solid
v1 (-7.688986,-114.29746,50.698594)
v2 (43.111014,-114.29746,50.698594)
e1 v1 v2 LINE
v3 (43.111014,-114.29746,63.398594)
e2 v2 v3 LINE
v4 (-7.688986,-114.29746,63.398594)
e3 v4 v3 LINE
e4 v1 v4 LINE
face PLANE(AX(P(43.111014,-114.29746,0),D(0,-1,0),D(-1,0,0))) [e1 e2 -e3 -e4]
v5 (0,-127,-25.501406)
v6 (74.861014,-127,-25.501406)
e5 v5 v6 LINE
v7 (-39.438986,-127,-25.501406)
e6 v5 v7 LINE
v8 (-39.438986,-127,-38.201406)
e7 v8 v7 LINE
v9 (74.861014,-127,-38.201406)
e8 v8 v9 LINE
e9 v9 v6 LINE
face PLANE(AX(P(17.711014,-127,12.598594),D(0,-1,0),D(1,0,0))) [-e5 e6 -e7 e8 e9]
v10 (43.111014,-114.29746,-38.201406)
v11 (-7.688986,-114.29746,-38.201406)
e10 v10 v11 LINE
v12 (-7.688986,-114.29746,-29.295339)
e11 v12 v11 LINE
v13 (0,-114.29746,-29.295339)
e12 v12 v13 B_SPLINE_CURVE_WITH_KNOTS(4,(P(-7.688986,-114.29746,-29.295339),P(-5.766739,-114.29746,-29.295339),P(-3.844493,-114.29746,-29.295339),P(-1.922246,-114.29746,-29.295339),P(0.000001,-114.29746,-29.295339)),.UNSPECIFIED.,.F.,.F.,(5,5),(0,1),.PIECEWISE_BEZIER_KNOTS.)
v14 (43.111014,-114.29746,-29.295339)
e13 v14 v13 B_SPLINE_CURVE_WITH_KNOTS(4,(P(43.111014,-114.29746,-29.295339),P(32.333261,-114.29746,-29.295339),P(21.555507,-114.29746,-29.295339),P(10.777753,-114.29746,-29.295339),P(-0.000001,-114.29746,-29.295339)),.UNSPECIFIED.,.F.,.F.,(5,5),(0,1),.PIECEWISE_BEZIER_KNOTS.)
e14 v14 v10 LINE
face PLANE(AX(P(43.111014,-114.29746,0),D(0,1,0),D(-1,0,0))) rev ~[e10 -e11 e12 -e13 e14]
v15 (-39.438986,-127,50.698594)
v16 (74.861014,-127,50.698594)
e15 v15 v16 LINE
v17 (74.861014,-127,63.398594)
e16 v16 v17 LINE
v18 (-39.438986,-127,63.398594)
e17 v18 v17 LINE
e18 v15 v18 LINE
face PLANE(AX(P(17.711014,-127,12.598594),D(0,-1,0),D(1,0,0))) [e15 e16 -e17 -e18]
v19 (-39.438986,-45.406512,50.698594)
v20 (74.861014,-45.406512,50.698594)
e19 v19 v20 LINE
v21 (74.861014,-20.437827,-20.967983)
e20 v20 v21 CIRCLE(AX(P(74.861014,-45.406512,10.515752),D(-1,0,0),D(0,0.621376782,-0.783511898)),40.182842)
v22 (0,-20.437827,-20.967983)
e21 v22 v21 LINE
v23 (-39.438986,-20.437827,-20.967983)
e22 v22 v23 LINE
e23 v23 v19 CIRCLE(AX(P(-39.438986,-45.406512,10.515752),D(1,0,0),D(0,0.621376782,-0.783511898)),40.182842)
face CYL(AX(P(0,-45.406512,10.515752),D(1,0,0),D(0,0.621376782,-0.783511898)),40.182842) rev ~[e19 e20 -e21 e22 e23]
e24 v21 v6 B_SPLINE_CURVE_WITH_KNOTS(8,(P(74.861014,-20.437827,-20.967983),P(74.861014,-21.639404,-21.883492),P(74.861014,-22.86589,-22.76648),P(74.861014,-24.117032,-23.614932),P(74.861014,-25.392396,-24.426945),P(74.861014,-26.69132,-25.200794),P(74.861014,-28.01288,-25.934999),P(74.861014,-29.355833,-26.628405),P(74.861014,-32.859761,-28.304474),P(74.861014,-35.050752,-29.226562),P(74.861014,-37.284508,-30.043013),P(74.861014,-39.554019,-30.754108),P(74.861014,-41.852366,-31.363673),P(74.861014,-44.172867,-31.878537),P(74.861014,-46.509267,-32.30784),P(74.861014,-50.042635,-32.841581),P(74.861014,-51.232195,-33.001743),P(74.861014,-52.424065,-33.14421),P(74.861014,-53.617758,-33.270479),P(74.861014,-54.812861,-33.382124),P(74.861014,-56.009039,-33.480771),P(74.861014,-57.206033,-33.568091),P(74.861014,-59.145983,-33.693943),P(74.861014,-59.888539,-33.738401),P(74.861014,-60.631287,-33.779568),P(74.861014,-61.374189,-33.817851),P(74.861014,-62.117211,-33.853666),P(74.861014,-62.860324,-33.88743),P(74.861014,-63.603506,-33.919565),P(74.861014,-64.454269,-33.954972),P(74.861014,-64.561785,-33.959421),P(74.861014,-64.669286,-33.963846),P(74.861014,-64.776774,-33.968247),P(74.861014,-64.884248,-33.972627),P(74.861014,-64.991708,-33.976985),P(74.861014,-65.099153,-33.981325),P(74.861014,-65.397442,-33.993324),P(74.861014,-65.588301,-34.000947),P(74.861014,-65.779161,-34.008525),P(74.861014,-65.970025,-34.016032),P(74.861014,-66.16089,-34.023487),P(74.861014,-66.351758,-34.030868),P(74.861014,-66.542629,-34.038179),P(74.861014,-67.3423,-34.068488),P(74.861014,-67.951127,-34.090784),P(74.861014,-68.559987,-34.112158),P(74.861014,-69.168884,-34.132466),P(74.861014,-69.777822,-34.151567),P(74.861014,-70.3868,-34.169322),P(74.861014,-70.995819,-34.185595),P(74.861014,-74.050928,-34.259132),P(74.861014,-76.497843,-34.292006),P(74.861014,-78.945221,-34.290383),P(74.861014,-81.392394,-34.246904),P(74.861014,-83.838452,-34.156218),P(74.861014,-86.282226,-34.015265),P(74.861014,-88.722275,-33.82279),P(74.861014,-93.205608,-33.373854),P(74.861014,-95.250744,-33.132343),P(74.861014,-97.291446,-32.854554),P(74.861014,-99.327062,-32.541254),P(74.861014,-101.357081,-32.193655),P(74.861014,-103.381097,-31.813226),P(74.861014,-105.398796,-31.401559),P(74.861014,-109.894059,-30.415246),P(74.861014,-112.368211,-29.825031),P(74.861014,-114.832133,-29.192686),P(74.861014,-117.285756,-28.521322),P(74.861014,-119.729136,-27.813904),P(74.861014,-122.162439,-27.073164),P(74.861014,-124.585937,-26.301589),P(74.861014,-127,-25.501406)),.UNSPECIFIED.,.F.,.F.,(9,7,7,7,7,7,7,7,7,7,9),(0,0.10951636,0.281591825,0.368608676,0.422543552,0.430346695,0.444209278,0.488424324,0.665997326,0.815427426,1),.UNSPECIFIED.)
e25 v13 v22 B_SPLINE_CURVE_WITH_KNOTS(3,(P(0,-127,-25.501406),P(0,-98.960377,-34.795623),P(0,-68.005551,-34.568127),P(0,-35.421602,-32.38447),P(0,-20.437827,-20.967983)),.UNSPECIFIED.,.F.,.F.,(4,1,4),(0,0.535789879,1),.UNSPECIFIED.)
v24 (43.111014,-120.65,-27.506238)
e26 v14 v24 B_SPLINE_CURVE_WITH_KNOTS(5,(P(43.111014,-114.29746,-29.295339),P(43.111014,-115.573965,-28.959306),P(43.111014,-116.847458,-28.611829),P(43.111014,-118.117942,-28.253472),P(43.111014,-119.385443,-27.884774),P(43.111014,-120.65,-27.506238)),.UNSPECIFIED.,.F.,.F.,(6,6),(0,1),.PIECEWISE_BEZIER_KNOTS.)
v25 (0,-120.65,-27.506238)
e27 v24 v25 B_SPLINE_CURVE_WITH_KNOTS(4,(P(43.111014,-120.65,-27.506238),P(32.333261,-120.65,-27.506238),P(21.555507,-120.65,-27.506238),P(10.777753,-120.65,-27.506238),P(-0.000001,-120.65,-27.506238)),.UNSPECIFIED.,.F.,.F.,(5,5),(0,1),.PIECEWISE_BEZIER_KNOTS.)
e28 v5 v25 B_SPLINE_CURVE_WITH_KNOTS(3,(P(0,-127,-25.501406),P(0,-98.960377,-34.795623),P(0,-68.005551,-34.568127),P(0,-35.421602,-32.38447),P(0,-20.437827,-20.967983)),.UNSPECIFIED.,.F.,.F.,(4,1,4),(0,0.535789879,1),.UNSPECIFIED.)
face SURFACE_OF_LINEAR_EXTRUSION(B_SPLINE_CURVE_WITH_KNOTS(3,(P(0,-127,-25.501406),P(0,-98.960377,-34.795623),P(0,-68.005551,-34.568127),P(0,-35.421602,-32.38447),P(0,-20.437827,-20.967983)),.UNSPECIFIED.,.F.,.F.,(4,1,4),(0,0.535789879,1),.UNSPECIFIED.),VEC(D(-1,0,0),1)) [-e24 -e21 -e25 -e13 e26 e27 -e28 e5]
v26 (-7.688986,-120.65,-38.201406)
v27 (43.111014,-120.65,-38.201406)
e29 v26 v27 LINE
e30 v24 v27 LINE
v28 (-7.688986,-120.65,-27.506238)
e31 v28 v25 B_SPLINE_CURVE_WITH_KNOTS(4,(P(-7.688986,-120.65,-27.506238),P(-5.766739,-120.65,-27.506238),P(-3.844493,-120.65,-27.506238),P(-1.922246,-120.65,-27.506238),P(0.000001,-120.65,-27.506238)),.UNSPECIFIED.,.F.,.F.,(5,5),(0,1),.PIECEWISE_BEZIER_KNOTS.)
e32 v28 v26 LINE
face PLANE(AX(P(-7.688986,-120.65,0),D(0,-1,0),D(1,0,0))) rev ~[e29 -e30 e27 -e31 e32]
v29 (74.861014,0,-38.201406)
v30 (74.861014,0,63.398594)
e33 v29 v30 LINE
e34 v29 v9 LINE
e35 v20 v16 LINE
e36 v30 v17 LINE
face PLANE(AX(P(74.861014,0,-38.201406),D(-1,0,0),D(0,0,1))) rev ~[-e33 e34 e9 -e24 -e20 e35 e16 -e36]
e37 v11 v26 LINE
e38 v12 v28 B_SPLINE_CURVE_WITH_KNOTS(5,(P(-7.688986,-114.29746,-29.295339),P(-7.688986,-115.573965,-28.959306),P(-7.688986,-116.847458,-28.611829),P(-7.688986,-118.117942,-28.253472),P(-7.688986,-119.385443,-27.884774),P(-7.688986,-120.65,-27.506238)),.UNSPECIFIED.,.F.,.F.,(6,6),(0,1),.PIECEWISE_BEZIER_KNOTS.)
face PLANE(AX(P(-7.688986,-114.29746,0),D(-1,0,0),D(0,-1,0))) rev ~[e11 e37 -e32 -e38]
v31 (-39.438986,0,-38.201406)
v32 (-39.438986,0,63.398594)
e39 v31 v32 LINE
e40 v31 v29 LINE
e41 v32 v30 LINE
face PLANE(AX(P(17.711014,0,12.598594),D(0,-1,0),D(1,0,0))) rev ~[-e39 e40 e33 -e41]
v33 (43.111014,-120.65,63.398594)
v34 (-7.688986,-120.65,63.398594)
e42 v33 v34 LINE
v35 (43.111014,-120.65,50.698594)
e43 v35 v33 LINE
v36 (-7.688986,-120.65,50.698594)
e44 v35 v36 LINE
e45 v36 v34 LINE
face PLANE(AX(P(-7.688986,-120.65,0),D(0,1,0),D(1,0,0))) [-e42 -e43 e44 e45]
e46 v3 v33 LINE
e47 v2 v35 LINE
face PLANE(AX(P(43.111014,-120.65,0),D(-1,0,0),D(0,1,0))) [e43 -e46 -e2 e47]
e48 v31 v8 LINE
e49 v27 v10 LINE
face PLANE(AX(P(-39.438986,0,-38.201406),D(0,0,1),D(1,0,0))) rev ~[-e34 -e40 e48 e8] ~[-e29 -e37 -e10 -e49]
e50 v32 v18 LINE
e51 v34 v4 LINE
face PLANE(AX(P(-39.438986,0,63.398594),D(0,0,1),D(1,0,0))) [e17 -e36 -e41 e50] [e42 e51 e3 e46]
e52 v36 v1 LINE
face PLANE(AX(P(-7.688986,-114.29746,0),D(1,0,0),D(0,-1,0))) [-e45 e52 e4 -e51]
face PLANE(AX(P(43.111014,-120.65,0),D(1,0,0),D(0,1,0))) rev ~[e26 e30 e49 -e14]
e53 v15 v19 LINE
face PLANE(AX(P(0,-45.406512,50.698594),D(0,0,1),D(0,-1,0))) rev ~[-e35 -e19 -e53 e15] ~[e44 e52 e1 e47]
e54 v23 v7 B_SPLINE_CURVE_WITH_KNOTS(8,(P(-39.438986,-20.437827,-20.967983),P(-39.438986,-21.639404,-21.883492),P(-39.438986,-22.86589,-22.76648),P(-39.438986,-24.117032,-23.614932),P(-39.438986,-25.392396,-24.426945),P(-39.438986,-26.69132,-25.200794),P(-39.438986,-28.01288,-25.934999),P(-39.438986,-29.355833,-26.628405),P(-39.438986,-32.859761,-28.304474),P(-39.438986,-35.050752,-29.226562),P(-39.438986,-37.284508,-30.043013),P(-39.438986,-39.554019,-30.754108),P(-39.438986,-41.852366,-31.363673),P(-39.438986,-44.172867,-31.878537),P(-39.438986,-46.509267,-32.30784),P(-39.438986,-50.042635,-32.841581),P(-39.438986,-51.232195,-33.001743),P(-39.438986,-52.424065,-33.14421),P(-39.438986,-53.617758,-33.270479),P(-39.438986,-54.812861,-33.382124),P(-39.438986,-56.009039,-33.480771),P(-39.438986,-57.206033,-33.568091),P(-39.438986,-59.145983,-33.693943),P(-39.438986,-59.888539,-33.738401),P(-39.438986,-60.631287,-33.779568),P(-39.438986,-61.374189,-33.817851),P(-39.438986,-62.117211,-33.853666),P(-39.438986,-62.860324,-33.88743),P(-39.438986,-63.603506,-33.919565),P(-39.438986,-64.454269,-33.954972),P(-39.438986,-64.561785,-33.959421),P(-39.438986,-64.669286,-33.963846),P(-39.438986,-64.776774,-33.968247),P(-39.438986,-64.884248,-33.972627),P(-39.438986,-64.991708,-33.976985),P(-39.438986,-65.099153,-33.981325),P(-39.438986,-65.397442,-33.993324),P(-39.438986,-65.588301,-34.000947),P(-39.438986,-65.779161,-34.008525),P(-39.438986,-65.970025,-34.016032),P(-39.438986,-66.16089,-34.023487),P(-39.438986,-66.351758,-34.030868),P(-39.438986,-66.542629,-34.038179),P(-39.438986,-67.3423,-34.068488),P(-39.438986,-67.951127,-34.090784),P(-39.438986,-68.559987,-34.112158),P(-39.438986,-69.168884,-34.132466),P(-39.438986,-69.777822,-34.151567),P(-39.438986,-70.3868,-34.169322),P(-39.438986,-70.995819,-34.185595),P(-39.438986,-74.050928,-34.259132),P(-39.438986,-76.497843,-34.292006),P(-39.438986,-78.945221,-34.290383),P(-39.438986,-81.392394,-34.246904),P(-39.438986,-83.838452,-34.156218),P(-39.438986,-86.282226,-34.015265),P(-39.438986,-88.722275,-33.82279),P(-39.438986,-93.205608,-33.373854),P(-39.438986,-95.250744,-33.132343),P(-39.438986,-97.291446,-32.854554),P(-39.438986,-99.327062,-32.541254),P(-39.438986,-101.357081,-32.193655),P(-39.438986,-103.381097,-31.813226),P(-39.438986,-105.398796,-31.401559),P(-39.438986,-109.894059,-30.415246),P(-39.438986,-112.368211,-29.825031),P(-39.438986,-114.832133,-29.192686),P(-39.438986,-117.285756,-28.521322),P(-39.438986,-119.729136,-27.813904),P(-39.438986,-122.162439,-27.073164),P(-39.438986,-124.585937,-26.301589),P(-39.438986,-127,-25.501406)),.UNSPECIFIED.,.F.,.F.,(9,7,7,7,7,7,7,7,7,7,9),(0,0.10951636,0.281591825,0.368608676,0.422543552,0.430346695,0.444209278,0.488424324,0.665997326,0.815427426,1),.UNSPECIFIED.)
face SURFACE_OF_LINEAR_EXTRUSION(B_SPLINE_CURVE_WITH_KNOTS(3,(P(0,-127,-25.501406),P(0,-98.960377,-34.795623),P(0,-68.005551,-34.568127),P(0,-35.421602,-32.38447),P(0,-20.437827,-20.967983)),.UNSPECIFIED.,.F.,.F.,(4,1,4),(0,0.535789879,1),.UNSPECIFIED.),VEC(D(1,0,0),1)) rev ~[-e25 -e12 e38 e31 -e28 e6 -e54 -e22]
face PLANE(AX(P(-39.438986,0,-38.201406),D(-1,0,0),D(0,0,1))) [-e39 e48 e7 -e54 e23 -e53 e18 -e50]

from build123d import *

# Parameters (mm, degrees)
F0_W          = 114.3
F0_H          = 101.6
F1_DEPTH      = 127
F3_DEPTH      = 39.4399856607
F3_DEPTH_BACK = 74.8620143393
F4_W          = 78.9322577574
F4_H          = 9.7147444349
F5_DEPTH      = 38.2024062272
F5_DEPTH_BACK = 63.3995939728


with BuildPart() as f1:
    # F0 (on Front) → F1 (new body)
    with BuildSketch(Plane.XZ):
        with Locations((17.7110143393, 12.5985938728)):
            Rectangle(F0_W, F0_H)
    extrude(amount=F1_DEPTH)

    # F2 (on Right) → F3 (cut, two sides)
    with BuildSketch(Plane.YZ) as f3_sk:
        with BuildLine():
            Line((-127, 50.6985938728), (-127, -25.5014061272))
            add(Edge.make_bspline(
                [(-127, -25.5014061272), (-98.9603772759, -34.7956232727), (-68.005550577, -34.5681270065), (-35.421602428, -32.3844701052), (-20.4378271917, -20.9679826113)],
                knots=[0, 0, 0, 0, 0.5357898792, 1, 1, 1, 1], degree=3))
            ThreePointArc((-20.4378271917, -20.9679826113), (-7.4607172084, 23.7360933268), (-45.4065121441, 50.6985938728))
            Line((-45.4065121441, 50.6985938728), (-127, 50.6985938728))
        make_face()
    extrude(amount=-F3_DEPTH, mode=Mode.SUBTRACT)
    extrude(f3_sk.sketch, amount=F3_DEPTH_BACK, mode=Mode.SUBTRACT)

    # F4 (on Top) → F5 (cut, two sides)
    with BuildSketch(Plane.XY) as f5_sk:
        with Locations((19.8757408652, -184.373836463)):
            Rectangle(F4_W, F4_H)
        Polygon((17.7110143393, -114.29746), (-7.6889856607, -114.29746), (-7.6889856607, -120.65), (17.7110143393, -120.65), (43.1110143393, -120.65), (43.1110143393, -114.29746), align=None)
    extrude(amount=-F5_DEPTH, mode=Mode.SUBTRACT)
    extrude(f5_sk.sketch, amount=F5_DEPTH_BACK, mode=Mode.SUBTRACT)


solid = f1.part
